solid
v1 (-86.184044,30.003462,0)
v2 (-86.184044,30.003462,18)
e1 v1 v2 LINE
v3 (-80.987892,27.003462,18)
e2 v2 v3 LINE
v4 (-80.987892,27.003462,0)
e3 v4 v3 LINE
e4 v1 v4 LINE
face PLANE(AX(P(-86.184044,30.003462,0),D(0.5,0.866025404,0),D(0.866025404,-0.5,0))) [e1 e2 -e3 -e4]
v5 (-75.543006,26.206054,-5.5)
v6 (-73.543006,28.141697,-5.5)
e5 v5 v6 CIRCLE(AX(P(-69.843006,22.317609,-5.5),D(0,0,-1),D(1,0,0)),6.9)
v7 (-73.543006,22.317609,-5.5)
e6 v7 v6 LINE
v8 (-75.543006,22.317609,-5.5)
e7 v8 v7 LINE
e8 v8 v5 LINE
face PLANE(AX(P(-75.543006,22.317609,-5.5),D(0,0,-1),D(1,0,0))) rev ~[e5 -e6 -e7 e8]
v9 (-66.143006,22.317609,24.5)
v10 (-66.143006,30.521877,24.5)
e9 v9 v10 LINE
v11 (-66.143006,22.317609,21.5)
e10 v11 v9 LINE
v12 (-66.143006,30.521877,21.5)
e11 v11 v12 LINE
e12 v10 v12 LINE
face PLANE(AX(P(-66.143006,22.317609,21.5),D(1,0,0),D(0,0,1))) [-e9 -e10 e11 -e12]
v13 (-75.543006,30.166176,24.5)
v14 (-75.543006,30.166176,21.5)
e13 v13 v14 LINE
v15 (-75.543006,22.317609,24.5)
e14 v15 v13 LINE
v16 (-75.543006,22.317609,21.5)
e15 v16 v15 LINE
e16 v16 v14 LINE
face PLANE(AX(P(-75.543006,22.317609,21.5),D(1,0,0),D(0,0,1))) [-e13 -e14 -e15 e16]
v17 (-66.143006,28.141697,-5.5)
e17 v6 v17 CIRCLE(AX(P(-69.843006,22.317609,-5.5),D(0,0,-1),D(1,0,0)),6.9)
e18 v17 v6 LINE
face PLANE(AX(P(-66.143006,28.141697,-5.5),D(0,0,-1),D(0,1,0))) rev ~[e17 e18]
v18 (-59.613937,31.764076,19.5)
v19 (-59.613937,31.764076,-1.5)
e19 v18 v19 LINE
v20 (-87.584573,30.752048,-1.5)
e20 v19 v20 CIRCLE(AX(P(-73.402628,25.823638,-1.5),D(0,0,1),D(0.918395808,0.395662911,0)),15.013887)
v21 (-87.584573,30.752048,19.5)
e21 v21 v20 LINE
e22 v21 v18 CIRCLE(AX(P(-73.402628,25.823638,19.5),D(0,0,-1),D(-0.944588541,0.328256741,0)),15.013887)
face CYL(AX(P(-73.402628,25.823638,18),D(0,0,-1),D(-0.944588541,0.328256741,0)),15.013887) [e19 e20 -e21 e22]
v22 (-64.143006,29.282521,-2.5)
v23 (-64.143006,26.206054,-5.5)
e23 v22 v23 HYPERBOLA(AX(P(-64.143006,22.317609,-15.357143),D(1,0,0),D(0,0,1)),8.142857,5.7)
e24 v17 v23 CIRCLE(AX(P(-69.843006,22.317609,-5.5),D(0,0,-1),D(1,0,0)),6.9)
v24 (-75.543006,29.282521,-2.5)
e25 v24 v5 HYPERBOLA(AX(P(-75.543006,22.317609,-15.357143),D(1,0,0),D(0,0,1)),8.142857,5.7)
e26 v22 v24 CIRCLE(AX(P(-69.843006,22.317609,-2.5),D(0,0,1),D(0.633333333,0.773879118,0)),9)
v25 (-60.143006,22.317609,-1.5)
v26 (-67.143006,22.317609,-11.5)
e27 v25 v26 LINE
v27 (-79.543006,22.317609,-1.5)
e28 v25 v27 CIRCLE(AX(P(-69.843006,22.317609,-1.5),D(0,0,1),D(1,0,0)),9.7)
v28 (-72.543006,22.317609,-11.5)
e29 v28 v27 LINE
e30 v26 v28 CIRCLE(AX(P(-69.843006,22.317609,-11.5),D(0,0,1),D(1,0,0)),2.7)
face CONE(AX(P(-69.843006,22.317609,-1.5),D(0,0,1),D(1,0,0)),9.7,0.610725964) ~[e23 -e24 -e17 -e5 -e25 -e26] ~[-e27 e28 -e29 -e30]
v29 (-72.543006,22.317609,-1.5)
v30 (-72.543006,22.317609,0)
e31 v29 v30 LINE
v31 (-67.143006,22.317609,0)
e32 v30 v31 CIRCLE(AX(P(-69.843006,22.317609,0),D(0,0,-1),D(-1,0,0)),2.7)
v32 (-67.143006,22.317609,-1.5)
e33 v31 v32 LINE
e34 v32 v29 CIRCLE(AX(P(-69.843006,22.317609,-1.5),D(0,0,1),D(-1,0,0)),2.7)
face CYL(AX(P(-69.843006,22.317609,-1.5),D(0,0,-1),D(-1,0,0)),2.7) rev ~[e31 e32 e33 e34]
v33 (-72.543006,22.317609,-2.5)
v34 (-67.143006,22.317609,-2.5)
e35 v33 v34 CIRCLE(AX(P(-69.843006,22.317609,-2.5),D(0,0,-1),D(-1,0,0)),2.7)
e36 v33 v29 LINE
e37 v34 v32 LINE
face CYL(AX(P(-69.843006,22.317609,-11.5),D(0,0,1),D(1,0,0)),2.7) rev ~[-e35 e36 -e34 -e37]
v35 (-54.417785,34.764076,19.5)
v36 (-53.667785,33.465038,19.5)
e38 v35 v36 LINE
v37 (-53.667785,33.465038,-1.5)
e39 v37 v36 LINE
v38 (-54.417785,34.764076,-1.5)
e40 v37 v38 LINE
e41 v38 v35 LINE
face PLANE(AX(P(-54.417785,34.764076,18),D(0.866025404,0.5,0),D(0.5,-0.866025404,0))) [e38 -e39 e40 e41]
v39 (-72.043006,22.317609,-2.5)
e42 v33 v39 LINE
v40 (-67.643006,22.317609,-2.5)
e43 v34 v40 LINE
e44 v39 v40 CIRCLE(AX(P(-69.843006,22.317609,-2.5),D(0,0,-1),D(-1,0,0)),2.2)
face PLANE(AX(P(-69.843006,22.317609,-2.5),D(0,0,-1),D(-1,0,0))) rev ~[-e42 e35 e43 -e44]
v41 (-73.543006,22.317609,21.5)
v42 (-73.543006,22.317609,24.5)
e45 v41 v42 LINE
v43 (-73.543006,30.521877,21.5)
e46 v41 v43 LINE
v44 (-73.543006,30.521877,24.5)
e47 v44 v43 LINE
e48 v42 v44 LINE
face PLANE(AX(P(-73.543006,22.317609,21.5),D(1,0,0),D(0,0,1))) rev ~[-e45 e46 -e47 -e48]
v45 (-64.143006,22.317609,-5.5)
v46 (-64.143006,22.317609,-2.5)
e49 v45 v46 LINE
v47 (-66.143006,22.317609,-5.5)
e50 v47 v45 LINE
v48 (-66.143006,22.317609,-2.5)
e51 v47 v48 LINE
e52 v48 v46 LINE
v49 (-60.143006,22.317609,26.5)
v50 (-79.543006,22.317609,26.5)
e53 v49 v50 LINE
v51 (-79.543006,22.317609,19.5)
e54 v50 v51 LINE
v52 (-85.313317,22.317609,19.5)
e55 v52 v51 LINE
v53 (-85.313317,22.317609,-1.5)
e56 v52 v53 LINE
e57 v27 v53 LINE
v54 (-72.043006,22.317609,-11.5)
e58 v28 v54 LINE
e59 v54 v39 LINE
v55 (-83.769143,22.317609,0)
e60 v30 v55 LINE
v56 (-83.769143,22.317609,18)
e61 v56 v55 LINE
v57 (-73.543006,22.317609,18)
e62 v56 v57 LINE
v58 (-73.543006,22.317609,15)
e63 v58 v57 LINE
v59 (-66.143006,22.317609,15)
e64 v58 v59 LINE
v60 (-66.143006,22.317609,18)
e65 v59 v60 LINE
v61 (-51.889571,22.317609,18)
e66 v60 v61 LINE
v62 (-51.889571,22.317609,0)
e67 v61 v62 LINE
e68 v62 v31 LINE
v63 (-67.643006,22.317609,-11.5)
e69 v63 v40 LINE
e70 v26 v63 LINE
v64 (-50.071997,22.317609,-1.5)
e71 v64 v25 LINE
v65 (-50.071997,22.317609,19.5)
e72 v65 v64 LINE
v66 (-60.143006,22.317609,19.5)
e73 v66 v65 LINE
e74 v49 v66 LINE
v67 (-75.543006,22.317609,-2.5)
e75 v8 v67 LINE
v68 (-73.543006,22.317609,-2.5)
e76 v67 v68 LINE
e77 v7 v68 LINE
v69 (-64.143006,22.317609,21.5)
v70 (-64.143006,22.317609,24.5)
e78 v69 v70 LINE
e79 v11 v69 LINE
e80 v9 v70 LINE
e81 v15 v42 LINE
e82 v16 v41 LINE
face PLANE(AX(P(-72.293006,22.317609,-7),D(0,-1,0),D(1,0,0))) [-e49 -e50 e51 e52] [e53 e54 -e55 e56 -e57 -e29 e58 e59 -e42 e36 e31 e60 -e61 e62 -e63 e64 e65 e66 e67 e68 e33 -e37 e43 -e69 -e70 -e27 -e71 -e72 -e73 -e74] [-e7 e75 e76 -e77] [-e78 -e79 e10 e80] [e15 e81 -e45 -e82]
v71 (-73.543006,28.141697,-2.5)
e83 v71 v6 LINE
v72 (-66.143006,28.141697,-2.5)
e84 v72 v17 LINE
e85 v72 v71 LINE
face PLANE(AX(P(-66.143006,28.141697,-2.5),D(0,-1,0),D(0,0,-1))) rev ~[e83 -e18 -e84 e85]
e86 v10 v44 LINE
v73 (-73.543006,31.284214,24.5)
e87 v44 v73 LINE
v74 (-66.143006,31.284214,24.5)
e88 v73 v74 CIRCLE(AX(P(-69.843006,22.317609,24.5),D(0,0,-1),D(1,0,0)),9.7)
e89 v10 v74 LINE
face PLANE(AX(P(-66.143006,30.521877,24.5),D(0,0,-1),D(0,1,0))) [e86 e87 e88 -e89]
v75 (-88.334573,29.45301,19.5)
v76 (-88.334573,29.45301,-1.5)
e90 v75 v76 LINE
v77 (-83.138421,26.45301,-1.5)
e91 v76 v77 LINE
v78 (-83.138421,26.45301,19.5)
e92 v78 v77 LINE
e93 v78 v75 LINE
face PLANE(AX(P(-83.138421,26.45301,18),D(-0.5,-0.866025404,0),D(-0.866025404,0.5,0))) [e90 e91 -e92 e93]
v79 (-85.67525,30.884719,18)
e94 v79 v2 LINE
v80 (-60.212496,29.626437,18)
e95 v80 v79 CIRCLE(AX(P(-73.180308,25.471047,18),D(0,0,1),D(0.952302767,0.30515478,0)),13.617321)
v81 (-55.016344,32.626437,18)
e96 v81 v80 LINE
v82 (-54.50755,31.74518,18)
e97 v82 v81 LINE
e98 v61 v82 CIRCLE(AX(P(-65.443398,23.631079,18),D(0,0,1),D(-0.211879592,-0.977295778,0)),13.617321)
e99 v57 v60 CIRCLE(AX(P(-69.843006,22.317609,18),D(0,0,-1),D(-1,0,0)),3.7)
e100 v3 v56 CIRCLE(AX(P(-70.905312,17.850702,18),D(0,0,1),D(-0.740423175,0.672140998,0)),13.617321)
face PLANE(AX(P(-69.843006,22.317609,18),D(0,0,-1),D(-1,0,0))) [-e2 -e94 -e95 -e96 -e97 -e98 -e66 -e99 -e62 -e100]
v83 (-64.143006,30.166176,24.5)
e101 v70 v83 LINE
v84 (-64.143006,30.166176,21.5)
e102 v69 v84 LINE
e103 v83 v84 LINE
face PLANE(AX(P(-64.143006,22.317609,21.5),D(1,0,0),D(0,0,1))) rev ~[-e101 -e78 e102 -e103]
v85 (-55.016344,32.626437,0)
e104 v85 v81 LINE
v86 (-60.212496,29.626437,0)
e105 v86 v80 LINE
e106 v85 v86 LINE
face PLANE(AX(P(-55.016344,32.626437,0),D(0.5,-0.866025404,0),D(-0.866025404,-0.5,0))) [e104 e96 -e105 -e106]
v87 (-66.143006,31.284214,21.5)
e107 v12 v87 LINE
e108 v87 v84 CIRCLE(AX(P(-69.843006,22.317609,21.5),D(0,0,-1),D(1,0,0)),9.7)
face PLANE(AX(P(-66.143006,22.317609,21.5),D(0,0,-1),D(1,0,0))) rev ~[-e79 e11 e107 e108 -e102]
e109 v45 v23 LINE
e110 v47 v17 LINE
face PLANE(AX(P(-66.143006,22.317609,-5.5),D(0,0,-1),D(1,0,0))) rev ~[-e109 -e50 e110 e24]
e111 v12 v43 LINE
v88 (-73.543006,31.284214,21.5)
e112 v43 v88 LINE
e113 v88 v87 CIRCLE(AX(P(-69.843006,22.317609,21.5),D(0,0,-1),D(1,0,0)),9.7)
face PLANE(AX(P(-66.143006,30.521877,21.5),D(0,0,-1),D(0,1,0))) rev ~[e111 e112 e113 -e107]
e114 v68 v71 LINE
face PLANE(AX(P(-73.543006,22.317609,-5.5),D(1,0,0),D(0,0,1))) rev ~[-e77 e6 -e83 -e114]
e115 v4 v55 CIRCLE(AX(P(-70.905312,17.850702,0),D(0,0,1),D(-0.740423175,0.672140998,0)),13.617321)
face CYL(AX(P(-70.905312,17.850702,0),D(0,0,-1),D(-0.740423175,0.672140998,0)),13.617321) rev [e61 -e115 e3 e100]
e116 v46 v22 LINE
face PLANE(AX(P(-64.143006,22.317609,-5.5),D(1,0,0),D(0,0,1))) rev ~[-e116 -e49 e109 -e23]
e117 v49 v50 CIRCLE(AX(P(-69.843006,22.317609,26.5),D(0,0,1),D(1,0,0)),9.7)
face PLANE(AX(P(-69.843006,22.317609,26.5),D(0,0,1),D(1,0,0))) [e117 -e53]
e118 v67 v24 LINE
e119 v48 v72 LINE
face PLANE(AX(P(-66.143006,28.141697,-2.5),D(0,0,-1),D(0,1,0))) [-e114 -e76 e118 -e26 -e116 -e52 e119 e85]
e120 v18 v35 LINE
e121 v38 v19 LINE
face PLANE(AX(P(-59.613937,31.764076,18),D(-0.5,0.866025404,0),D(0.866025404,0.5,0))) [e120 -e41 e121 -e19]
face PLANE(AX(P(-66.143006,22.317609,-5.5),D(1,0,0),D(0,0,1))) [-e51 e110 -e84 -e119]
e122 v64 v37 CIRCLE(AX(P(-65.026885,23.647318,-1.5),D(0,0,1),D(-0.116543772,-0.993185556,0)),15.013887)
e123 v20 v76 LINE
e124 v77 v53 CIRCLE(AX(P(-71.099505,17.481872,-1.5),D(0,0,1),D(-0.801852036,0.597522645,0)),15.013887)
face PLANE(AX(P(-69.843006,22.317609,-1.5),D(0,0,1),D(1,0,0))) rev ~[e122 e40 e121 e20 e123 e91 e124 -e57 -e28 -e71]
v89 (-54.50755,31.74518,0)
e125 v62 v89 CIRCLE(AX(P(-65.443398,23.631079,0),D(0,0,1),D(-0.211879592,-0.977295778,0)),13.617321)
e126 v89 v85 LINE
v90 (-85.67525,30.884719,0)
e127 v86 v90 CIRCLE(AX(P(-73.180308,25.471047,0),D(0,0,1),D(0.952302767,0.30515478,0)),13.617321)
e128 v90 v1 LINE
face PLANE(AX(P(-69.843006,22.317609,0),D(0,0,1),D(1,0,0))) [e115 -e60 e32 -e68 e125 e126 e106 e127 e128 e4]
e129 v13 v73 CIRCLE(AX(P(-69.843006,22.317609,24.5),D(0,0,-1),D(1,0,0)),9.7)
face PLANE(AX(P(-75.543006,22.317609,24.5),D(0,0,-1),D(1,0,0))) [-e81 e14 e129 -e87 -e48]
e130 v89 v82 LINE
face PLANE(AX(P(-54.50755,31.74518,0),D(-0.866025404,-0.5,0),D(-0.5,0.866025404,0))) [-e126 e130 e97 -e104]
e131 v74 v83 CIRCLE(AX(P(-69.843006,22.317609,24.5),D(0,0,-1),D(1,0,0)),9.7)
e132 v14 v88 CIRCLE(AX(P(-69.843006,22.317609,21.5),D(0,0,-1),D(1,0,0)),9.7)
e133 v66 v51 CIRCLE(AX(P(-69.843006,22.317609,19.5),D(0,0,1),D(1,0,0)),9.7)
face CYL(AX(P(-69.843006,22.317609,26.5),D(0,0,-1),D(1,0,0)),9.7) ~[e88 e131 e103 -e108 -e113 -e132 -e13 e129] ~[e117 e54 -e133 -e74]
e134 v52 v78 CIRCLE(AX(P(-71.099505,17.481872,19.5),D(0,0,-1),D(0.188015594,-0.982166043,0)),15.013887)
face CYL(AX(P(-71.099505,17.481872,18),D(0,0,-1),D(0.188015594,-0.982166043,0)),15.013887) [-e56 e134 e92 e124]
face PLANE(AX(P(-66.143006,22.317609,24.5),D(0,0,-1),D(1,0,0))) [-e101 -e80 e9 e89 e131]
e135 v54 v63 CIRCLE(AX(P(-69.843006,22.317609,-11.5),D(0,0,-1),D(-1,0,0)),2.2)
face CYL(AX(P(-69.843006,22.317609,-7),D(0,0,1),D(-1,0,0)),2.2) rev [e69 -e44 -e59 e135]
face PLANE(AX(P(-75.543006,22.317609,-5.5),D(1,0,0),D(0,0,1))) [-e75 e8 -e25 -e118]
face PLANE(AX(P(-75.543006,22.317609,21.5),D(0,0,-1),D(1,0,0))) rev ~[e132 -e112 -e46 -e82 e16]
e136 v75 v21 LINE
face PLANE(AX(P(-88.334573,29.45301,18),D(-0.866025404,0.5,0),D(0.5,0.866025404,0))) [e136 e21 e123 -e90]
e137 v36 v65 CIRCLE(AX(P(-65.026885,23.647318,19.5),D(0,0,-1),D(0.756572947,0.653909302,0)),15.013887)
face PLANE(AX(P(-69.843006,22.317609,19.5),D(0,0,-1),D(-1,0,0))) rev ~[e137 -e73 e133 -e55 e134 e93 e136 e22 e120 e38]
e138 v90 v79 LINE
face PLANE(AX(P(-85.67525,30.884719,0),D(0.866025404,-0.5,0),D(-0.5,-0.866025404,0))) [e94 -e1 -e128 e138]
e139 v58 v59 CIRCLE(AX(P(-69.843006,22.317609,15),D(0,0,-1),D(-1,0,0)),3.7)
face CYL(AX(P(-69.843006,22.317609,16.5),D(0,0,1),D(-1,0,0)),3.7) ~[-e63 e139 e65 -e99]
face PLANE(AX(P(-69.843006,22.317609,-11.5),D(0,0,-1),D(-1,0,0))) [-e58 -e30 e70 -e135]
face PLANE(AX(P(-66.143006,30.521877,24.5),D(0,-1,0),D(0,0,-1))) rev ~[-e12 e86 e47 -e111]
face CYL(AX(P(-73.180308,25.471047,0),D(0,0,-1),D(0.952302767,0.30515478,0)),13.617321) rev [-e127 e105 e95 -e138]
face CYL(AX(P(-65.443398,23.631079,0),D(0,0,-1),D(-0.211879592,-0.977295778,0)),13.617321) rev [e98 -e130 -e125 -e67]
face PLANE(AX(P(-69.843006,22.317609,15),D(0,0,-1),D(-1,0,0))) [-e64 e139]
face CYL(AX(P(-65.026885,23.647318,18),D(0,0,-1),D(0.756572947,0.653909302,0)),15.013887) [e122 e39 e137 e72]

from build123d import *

# Parameters (mm, degrees)
SALIENTE_EXTRUIR1_DEPTH = 18
SALIENTE_EXTRUIR2_START = 1.5
CROQUIS2_R              = 2.7
SALIENTE_EXTRUIR2_DEPTH = 1.5
SALIENTE_EXTRUIR3_DEPTH = 1.5
CROQUIS6_W              = 5.4
CROQUIS6_H              = 1.803822617
SALIENTE_EXTRUIR7_DEPTH = 10
CROQUIS10_W             = 5.4
CROQUIS10_H             = 10
CORTAR_EXTRUIR3_DEPTH   = 10
CROQUIS12_W             = 50.345864286
CROQUIS12_H             = 43.398115734
CORTAR_EXTRUIR4_DEPTH   = 30
CROQUIS14_W             = 2
CROQUIS14_H             = 3
CORTAR_EXTRUIR5_DEPTH   = 30
CROQUIS15_W             = 3
CROQUIS15_H             = 9.965395542
CROQUIS15_H_2           = 4.625035451
CORTAR_EXTRUIR6_DEPTH   = 7.4
CROQUIS16_W             = 3.7
CROQUIS16_H             = 3
REVOLUCI_N2_ANGLE       = 180
CROQUIS17_W             = 0.5
CROQUIS17_H             = 9
REVOLUCI_N3_ANGLE       = 180


with BuildPart() as part:
    # Croquis1 → Saliente-Extruir1 (new body)
    with BuildSketch(Plane.XY):
        with BuildLine():
            Line((-53.667784589, 33.4650382), (-54.417784589, 34.764076306))
            Line((-54.417784589, 34.764076306), (-59.613937012, 31.764076306))
            ThreePointArc((-59.613937012, 31.764076306), (-73.945502317, 40.827707086), (-87.584573208, 30.752047693))
            Line((-87.584573208, 30.752047693), (-88.334573208, 29.453009587))
            Line((-88.334573208, 29.453009587), (-83.138420786, 26.453009587))
            ThreePointArc((-83.138420786, 26.453009587), (-83.82197264, 9.509694567), (-68.276660199, 2.735742387))
            Line((-68.276660199, 2.735742387), (-66.776660199, 2.735742387))
            Line((-66.776660199, 2.735742387), (-66.776660199, 8.735742387))
            ThreePointArc((-66.776660199, 8.735742387), (-51.761543041, 16.615426627), (-53.667784589, 33.4650382))
        make_face()
        with BuildLine():
            Line((-54.507549641, 31.745180452), (-55.016343575, 32.626437397))
            Line((-55.016343575, 32.626437397), (-60.212495998, 29.626437397))
            ThreePointArc((-60.212495998, 29.626437397), (-72.508207296, 39.071771198), (-85.675250182, 30.884718699))
            Line((-85.675250182, 30.884718699), (-86.184044116, 30.003461754))
            Line((-86.184044116, 30.003461754), (-80.987891693, 27.003461754))
            ThreePointArc((-80.987891693, 27.003461754), (-83.019935064, 11.632396511), (-69.346218174, 4.322929129))
            Line((-69.346218174, 4.322929129), (-68.328630306, 4.322929129))
            Line((-68.328630306, 4.322929129), (-68.328630306, 10.322929129))
            ThreePointArc((-68.328630306, 10.322929129), (-54.000875637, 16.248660571), (-54.507549641, 31.745180452))
        make_face(mode=Mode.SUBTRACT)
    extrude(amount=SALIENTE_EXTRUIR1_DEPTH)

    # Croquis2 → Saliente-Extruir2 (add)
    with BuildSketch(Plane(origin=(0, 0, 0), x_dir=(-1, 0, 0), z_dir=(0, 0, -1)).offset(SALIENTE_EXTRUIR2_START)):
        with BuildLine():
            Line((87.584573208, 30.752047693), (88.334573208, 29.453009587))
            Line((88.334573208, 29.453009587), (83.138420786, 26.453009587))
            ThreePointArc((83.138420786, 26.453009587), (83.82197264, 9.509694567), (68.276660199, 2.735742387))
            Line((68.276660199, 2.735742387), (66.776660199, 2.735742387))
            Line((66.776660199, 2.735742387), (66.776660199, 8.735742387))
            ThreePointArc((66.776660199, 8.735742387), (51.761543041, 16.615426627), (53.667784589, 33.4650382))
            Line((53.667784589, 33.4650382), (54.417784589, 34.764076306))
            Line((54.417784589, 34.764076306), (59.613937012, 31.764076306))
            ThreePointArc((59.613937012, 31.764076306), (73.945502317, 40.827707086), (87.584573208, 30.752047693))
        make_face()
        with Locations((69.843005999, 22.317609427)):
            Circle(CROQUIS2_R, mode=Mode.SUBTRACT)
    extrude(amount=-SALIENTE_EXTRUIR2_DEPTH)

    # Croquis3 → Saliente-Extruir3 (add)
    with BuildSketch(Plane.XY.offset(18)):
        with BuildLine():
            Line((-66.776660199, 8.735742387), (-66.776660199, 2.735742387))
            Line((-66.776660199, 2.735742387), (-68.276660199, 2.735742387))
            ThreePointArc((-68.276660199, 2.735742387), (-83.82197264, 9.509694567), (-83.138420786, 26.453009587))
            Line((-83.138420786, 26.453009587), (-88.334573208, 29.453009587))
            Line((-88.334573208, 29.453009587), (-87.584573208, 30.752047693))
            ThreePointArc((-87.584573208, 30.752047693), (-73.945502317, 40.827707086), (-59.613937012, 31.764076306))
            Line((-59.613937012, 31.764076306), (-54.417784589, 34.764076306))
            Line((-54.417784589, 34.764076306), (-53.667784589, 33.4650382))
            ThreePointArc((-53.667784589, 33.4650382), (-51.761543041, 16.615426627), (-66.776660199, 8.735742387))
        make_face()
    extrude(amount=SALIENTE_EXTRUIR3_DEPTH)

    # Croquis6 → Saliente-Extruir7 (add)
    with BuildSketch(Plane(origin=(0, 0, -1.5), x_dir=(-1, 0, 0), z_dir=(0, 0, -1))):
        with Locations((69.843005999, 21.415698119)):
            Rectangle(CROQUIS6_W, CROQUIS6_H)
    extrude(amount=SALIENTE_EXTRUIR7_DEPTH)

    # Croquis10 → Cortar-Extruir3 (cut)
    with BuildSketch(Plane(origin=(0, 22.317609427, 0), x_dir=(1, 0, 0), z_dir=(0, 1, 0))):
        with Locations((-69.843005999, 6.5)):
            Rectangle(CROQUIS10_W, CROQUIS10_H)
    extrude(amount=-CORTAR_EXTRUIR3_DEPTH, mode=Mode.SUBTRACT)

    # Croquis11 → Revolución1 (revolve)
    with BuildSketch(Plane(origin=(0, 22.317609427, 0), x_dir=(1, 0, 0), z_dir=(0, 1, 0)), mode=Mode.PRIVATE) as revoluci_n1_sk:
        Polygon((-72.543005999, 1.5), (-79.543005999, 1.5), (-72.543005999, 11.5), align=None)
        Polygon((-71.193005999, -19.5), (-69.843005999, -19.5), (-69.843005999, -26.5), (-71.193005999, -26.5), (-79.543005999, -26.5), (-79.543005999, -19.5), align=None)
    revolve(revoluci_n1_sk.sketch.rotate(Axis((-69.843005999, 22.317609427, 19.5), (0, 0, 1)), 180), axis=Axis((-69.843005999, 22.317609427, 19.5), (0, 0, 1)))

    # Croquis12 → Cortar-Extruir4 (cut)
    with BuildSketch(Plane(origin=(0, 22.317609427, 0), x_dir=(1, 0, 0), z_dir=(0, 1, 0))):
        with Locations((-66.462924906, -7.850212976)):
            Rectangle(CROQUIS12_W, CROQUIS12_H)
    extrude(amount=-CORTAR_EXTRUIR4_DEPTH, mode=Mode.SUBTRACT)

    # Croquis14 → Cortar-Extruir5 (cut)
    with BuildSketch(Plane.XZ.offset(-22.317609427)):
        with Locations((-74.543005999, -4)):
            Rectangle(CROQUIS14_W, CROQUIS14_H)
        with Locations((-65.143005999, -4)):
            Rectangle(CROQUIS14_W, CROQUIS14_H)
        with Locations((-65.143005999, 23)):
            Rectangle(CROQUIS14_W, CROQUIS14_H)
        with Locations((-74.543005999, 23)):
            Rectangle(CROQUIS14_W, CROQUIS14_H)
    extrude(amount=-CORTAR_EXTRUIR5_DEPTH, mode=Mode.SUBTRACT)

    # Croquis15 → Cortar-Extruir6 (cut)
    with BuildSketch(Plane(origin=(-66.143005999, 0, 0), x_dir=(0, 0, -1), z_dir=(1, 0, 0))):
        with Locations((4, 33.124395109)):
            Rectangle(CROQUIS15_W, CROQUIS15_H)
        with Locations((-23, 32.834394335)):
            Rectangle(CROQUIS15_W, CROQUIS15_H_2)
    extrude(amount=-CORTAR_EXTRUIR6_DEPTH, mode=Mode.SUBTRACT)

    # Croquis16 → Revolución2 (revolve)
    with BuildSketch(Plane.XZ.offset(-22.317609427)):
        with Locations((-71.693005999, 16.5)):
            Rectangle(CROQUIS16_W, CROQUIS16_H)
    revolve(axis=Axis((-69.843005999, 22.317609427, 15), (0, 0, -1)), revolution_arc=REVOLUCI_N2_ANGLE)

    # Croquis17 → Revolución3 (revolve)
    with BuildSketch(Plane.XZ.offset(-22.317609427)):
        with Locations((-72.293005999, -7)):
            Rectangle(CROQUIS17_W, CROQUIS17_H)
    revolve(axis=Axis((-69.843005999, 22.317609427, 0), (0, 0, -1)), revolution_arc=REVOLUCI_N3_ANGLE)


solid = part.part
